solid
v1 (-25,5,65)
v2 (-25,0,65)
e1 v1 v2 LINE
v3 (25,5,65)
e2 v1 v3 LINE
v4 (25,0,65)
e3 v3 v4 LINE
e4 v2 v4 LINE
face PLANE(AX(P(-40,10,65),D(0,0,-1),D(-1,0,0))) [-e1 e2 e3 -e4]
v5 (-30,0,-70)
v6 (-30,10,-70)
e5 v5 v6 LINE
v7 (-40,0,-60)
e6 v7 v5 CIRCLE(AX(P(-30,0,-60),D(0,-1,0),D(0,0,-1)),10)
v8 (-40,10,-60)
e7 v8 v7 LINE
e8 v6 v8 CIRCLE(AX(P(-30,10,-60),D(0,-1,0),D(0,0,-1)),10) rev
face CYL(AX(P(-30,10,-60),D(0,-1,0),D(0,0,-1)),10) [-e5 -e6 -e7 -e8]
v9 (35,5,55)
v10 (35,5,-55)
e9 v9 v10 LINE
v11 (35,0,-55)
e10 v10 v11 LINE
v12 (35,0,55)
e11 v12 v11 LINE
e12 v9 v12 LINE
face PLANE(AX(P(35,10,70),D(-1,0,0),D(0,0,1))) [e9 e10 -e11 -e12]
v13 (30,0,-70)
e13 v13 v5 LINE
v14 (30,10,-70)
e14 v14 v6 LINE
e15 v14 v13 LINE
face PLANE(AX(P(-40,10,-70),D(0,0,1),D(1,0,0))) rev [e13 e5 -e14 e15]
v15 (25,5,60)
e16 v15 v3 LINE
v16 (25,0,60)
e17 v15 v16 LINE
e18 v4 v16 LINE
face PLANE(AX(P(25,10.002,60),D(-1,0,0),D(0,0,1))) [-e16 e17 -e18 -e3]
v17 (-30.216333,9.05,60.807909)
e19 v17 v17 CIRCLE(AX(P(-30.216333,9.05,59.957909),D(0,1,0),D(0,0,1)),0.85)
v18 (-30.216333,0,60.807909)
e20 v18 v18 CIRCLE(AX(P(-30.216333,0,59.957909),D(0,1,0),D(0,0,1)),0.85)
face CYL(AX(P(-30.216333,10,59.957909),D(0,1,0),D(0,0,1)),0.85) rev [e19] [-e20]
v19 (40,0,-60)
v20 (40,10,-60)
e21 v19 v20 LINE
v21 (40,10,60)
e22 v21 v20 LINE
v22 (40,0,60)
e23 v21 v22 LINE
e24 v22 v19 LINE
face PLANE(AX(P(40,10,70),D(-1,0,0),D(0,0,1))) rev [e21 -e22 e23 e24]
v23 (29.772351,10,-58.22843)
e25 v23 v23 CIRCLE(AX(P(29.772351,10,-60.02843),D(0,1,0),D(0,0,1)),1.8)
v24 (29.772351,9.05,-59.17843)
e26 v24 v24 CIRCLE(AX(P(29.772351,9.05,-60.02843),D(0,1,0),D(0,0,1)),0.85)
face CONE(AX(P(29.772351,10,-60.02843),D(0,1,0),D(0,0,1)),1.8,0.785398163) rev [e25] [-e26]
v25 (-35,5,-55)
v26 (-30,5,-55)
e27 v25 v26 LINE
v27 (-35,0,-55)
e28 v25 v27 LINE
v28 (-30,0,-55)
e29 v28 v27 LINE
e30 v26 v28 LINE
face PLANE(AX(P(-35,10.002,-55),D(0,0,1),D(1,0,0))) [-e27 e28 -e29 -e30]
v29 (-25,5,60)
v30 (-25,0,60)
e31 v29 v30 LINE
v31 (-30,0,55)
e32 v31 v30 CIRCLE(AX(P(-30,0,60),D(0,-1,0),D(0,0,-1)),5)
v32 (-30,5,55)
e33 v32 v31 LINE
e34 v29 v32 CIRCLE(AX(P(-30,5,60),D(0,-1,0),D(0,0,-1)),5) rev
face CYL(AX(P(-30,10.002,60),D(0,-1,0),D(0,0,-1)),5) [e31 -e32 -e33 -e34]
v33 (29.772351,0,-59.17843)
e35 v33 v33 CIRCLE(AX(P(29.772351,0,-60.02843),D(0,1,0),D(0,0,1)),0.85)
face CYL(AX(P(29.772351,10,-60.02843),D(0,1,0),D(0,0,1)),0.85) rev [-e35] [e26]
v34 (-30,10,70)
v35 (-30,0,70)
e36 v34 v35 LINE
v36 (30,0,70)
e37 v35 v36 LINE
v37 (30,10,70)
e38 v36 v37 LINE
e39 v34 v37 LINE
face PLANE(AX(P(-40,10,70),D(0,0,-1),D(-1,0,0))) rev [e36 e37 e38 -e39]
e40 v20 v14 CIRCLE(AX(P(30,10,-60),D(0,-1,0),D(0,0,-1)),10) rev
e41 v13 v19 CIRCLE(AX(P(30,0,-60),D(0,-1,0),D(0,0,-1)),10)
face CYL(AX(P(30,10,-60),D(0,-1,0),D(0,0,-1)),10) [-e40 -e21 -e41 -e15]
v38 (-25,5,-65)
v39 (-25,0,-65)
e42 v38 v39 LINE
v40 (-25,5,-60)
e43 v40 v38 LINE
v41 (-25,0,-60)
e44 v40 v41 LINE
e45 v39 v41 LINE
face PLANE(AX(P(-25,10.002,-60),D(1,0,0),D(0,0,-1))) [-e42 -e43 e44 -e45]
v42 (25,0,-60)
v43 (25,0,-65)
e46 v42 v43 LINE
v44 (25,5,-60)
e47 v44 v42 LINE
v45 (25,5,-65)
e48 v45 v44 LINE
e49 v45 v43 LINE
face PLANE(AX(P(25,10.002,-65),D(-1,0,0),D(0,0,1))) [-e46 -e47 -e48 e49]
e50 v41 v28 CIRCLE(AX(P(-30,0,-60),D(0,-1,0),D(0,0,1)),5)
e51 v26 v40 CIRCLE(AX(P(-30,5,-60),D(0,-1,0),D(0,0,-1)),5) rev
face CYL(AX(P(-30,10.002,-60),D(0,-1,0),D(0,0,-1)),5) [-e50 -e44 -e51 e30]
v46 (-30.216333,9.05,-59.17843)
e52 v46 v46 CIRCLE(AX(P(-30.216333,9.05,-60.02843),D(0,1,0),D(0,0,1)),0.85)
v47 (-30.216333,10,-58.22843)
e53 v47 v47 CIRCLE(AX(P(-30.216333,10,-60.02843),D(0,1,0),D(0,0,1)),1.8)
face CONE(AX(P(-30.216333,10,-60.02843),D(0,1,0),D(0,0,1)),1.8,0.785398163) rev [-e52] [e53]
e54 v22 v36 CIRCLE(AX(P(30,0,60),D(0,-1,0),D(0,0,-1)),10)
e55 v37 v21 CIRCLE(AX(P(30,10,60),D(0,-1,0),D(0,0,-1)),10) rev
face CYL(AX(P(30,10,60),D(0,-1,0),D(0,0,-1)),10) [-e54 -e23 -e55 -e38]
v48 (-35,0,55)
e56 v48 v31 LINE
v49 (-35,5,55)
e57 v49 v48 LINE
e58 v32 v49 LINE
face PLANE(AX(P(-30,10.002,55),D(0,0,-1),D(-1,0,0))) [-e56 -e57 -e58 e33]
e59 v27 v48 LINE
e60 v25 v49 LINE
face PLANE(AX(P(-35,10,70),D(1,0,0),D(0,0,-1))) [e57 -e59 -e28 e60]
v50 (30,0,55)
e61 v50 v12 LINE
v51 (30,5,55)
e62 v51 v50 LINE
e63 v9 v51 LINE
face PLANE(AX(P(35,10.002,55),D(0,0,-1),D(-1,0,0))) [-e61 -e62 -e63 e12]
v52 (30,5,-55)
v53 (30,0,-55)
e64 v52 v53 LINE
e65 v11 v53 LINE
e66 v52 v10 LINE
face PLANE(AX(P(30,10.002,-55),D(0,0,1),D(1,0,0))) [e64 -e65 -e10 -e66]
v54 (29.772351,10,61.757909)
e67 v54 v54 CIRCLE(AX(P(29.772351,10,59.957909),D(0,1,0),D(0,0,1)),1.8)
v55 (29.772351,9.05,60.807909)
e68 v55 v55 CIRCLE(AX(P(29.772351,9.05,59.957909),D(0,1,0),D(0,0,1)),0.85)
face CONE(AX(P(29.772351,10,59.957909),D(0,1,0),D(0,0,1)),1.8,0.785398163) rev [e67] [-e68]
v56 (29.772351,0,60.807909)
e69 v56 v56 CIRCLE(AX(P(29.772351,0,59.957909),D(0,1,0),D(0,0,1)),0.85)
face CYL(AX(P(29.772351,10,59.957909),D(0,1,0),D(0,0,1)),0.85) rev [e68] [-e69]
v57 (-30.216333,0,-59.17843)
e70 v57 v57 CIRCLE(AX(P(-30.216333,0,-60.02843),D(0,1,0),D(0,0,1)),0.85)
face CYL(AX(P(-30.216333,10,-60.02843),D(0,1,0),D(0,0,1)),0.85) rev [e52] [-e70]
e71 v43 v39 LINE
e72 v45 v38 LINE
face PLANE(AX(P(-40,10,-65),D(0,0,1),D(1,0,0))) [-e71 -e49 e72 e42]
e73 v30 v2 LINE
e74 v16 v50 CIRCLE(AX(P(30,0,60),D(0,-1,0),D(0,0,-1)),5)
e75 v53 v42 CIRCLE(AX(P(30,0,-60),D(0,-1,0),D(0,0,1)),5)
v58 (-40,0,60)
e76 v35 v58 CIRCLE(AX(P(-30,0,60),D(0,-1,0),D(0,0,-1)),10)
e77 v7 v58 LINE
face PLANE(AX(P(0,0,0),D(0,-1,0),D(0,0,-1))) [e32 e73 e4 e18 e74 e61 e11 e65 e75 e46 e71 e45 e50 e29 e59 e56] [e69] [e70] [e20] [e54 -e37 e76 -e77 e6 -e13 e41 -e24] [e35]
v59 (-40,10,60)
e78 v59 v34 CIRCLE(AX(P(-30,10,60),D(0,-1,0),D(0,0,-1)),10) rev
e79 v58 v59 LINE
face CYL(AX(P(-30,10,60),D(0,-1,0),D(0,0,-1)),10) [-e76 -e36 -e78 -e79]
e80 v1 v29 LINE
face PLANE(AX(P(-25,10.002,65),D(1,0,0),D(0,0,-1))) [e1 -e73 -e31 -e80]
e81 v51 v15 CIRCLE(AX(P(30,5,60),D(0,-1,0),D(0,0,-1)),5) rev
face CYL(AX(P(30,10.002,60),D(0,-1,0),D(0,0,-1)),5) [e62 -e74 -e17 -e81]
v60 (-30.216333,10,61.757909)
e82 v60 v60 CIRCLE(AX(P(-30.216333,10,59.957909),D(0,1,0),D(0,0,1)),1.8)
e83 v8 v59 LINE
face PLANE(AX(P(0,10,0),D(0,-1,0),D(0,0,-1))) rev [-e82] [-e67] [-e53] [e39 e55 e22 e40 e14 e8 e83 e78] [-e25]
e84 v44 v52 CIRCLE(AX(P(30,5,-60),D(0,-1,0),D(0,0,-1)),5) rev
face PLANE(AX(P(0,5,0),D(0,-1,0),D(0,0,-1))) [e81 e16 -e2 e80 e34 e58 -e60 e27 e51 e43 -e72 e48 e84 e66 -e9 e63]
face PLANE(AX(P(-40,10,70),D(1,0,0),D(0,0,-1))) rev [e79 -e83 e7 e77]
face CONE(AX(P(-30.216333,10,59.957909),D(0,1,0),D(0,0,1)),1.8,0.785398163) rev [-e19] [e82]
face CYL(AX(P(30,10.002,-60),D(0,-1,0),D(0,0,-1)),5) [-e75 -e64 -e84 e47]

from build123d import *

# Parameters (mm, degrees)
SKETCH2_W                                            = 80
SKETCH2_H                                            = 140
BOSS_EXTRUDE1_DEPTH                                  = 10
SHELL2_T                                             = -5
BOSS_EXTRUDE4_REACH                                  = 83.24
FILLET3_R                                            = 10
CSK_FOR_M1_6_CROSS_RECESS_FLAT_HEAD_SCRE_D           = 1.7
CSK_FOR_M1_6_CROSS_RECESS_FLAT_HEAD_SCRE_CSINK_D     = 3.6
CSK_FOR_M1_6_CROSS_RECESS_FLAT_HEAD_SCRE_CSINK_ANGLE = 90


with BuildPart() as part:
    # Sketch2 → Boss-Extrude1 (new body)
    with BuildSketch(Plane(origin=(0, 0, 0), x_dir=(1, 0, 0), z_dir=(0, 1, 0))):
        Rectangle(SKETCH2_W, SKETCH2_H)
    extrude(amount=BOSS_EXTRUDE1_DEPTH)

    # Shell2
    shell2_openings = [part.faces().sort_by_distance(p)[0] for p in [
        (0, 0, 0),
    ]]
    offset(amount=SHELL2_T, openings=shell2_openings, kind=Kind.INTERSECTION)

    # Sketch6 → Boss-Extrude4 (add, up to next)
    with BuildSketch(Plane.XZ, mode=Mode.PRIVATE) as boss_extrude4_sk1:
        with BuildLine():
            Line((-30, 55), (-35, 55))
            Line((-35, 55), (-35, 65))
            Line((-35, 65), (-25, 65))
            Line((-25, 65), (-25, 60))
            ThreePointArc((-25, 60), (-26.464466094, 56.464466094), (-30, 55))
        make_face()
    boss_extrude4_tool1 = extrude(boss_extrude4_sk1.sketch, amount=-BOSS_EXTRUDE4_REACH, mode=Mode.PRIVATE) - part.part
    # Sketch6 → Boss-Extrude4 (add, up to next)
    with BuildSketch(Plane.XZ, mode=Mode.PRIVATE) as boss_extrude4_sk2:
        with BuildLine():
            Line((25, 60), (25, 65))
            Line((25, 65), (35, 65))
            Line((35, 65), (35, 55))
            Line((35, 55), (30, 55))
            ThreePointArc((30, 55), (26.464466094, 56.464466094), (25, 60))
        make_face()
    boss_extrude4_tool2 = extrude(boss_extrude4_sk2.sketch, amount=-BOSS_EXTRUDE4_REACH, mode=Mode.PRIVATE) - part.part
    # Sketch6 → Boss-Extrude4 (add, up to next)
    with BuildSketch(Plane.XZ, mode=Mode.PRIVATE) as boss_extrude4_sk3:
        with BuildLine():
            Line((30, -55), (35, -55))
            Line((35, -55), (35, -65))
            Line((35, -65), (25, -65))
            Line((25, -65), (25, -60))
            ThreePointArc((25, -60), (26.464466094, -56.464466094), (30, -55))
        make_face()
    boss_extrude4_tool3 = extrude(boss_extrude4_sk3.sketch, amount=-BOSS_EXTRUDE4_REACH, mode=Mode.PRIVATE) - part.part
    # Sketch6 → Boss-Extrude4 (add, up to next)
    with BuildSketch(Plane.XZ, mode=Mode.PRIVATE) as boss_extrude4_sk4:
        with BuildLine():
            Line((-25, -60), (-25, -65))
            Line((-25, -65), (-35, -65))
            Line((-35, -65), (-35, -55))
            Line((-35, -55), (-30, -55))
            ThreePointArc((-30, -55), (-26.464466094, -56.464466094), (-25, -60))
        make_face()
    boss_extrude4_tool4 = extrude(boss_extrude4_sk4.sketch, amount=-BOSS_EXTRUDE4_REACH, mode=Mode.PRIVATE) - part.part
    add(boss_extrude4_tool1.solids().sort_by_distance((-30.220144, 0, 60.220144))[0])
    add(boss_extrude4_tool2.solids().sort_by_distance((30.220144, 0, 60.220144))[0])
    add(boss_extrude4_tool3.solids().sort_by_distance((30.220144, 0, -60.220144))[0])
    add(boss_extrude4_tool4.solids().sort_by_distance((-30.220144, 0, -60.220144))[0])

    # Fillet3
    fillet3_edges = [part.edges().sort_by_distance(p)[0] for p in [
        (40, 5, 70),
        (-40, 5, 70),
        (-40, 5, -70),
        (40, 5, -70),
    ]]
    fillet(fillet3_edges, radius=FILLET3_R)

    # CSK for M1.6 Cross Recess Flat Head Screw1 (through all)
    with Locations(Plane(origin=(0, 10, 0), x_dir=(1, 0, 0), z_dir=(0, 1, 0))):
        with Locations((-30.216332876, 60.028429813), (29.772350977, 60.028429813), (29.772350977, -59.957909435), (-30.216332876, -59.957909435)):
            CounterSinkHole(CSK_FOR_M1_6_CROSS_RECESS_FLAT_HEAD_SCRE_D / 2, CSK_FOR_M1_6_CROSS_RECESS_FLAT_HEAD_SCRE_CSINK_D / 2, counter_sink_angle=CSK_FOR_M1_6_CROSS_RECESS_FLAT_HEAD_SCRE_CSINK_ANGLE)


solid = part.part
